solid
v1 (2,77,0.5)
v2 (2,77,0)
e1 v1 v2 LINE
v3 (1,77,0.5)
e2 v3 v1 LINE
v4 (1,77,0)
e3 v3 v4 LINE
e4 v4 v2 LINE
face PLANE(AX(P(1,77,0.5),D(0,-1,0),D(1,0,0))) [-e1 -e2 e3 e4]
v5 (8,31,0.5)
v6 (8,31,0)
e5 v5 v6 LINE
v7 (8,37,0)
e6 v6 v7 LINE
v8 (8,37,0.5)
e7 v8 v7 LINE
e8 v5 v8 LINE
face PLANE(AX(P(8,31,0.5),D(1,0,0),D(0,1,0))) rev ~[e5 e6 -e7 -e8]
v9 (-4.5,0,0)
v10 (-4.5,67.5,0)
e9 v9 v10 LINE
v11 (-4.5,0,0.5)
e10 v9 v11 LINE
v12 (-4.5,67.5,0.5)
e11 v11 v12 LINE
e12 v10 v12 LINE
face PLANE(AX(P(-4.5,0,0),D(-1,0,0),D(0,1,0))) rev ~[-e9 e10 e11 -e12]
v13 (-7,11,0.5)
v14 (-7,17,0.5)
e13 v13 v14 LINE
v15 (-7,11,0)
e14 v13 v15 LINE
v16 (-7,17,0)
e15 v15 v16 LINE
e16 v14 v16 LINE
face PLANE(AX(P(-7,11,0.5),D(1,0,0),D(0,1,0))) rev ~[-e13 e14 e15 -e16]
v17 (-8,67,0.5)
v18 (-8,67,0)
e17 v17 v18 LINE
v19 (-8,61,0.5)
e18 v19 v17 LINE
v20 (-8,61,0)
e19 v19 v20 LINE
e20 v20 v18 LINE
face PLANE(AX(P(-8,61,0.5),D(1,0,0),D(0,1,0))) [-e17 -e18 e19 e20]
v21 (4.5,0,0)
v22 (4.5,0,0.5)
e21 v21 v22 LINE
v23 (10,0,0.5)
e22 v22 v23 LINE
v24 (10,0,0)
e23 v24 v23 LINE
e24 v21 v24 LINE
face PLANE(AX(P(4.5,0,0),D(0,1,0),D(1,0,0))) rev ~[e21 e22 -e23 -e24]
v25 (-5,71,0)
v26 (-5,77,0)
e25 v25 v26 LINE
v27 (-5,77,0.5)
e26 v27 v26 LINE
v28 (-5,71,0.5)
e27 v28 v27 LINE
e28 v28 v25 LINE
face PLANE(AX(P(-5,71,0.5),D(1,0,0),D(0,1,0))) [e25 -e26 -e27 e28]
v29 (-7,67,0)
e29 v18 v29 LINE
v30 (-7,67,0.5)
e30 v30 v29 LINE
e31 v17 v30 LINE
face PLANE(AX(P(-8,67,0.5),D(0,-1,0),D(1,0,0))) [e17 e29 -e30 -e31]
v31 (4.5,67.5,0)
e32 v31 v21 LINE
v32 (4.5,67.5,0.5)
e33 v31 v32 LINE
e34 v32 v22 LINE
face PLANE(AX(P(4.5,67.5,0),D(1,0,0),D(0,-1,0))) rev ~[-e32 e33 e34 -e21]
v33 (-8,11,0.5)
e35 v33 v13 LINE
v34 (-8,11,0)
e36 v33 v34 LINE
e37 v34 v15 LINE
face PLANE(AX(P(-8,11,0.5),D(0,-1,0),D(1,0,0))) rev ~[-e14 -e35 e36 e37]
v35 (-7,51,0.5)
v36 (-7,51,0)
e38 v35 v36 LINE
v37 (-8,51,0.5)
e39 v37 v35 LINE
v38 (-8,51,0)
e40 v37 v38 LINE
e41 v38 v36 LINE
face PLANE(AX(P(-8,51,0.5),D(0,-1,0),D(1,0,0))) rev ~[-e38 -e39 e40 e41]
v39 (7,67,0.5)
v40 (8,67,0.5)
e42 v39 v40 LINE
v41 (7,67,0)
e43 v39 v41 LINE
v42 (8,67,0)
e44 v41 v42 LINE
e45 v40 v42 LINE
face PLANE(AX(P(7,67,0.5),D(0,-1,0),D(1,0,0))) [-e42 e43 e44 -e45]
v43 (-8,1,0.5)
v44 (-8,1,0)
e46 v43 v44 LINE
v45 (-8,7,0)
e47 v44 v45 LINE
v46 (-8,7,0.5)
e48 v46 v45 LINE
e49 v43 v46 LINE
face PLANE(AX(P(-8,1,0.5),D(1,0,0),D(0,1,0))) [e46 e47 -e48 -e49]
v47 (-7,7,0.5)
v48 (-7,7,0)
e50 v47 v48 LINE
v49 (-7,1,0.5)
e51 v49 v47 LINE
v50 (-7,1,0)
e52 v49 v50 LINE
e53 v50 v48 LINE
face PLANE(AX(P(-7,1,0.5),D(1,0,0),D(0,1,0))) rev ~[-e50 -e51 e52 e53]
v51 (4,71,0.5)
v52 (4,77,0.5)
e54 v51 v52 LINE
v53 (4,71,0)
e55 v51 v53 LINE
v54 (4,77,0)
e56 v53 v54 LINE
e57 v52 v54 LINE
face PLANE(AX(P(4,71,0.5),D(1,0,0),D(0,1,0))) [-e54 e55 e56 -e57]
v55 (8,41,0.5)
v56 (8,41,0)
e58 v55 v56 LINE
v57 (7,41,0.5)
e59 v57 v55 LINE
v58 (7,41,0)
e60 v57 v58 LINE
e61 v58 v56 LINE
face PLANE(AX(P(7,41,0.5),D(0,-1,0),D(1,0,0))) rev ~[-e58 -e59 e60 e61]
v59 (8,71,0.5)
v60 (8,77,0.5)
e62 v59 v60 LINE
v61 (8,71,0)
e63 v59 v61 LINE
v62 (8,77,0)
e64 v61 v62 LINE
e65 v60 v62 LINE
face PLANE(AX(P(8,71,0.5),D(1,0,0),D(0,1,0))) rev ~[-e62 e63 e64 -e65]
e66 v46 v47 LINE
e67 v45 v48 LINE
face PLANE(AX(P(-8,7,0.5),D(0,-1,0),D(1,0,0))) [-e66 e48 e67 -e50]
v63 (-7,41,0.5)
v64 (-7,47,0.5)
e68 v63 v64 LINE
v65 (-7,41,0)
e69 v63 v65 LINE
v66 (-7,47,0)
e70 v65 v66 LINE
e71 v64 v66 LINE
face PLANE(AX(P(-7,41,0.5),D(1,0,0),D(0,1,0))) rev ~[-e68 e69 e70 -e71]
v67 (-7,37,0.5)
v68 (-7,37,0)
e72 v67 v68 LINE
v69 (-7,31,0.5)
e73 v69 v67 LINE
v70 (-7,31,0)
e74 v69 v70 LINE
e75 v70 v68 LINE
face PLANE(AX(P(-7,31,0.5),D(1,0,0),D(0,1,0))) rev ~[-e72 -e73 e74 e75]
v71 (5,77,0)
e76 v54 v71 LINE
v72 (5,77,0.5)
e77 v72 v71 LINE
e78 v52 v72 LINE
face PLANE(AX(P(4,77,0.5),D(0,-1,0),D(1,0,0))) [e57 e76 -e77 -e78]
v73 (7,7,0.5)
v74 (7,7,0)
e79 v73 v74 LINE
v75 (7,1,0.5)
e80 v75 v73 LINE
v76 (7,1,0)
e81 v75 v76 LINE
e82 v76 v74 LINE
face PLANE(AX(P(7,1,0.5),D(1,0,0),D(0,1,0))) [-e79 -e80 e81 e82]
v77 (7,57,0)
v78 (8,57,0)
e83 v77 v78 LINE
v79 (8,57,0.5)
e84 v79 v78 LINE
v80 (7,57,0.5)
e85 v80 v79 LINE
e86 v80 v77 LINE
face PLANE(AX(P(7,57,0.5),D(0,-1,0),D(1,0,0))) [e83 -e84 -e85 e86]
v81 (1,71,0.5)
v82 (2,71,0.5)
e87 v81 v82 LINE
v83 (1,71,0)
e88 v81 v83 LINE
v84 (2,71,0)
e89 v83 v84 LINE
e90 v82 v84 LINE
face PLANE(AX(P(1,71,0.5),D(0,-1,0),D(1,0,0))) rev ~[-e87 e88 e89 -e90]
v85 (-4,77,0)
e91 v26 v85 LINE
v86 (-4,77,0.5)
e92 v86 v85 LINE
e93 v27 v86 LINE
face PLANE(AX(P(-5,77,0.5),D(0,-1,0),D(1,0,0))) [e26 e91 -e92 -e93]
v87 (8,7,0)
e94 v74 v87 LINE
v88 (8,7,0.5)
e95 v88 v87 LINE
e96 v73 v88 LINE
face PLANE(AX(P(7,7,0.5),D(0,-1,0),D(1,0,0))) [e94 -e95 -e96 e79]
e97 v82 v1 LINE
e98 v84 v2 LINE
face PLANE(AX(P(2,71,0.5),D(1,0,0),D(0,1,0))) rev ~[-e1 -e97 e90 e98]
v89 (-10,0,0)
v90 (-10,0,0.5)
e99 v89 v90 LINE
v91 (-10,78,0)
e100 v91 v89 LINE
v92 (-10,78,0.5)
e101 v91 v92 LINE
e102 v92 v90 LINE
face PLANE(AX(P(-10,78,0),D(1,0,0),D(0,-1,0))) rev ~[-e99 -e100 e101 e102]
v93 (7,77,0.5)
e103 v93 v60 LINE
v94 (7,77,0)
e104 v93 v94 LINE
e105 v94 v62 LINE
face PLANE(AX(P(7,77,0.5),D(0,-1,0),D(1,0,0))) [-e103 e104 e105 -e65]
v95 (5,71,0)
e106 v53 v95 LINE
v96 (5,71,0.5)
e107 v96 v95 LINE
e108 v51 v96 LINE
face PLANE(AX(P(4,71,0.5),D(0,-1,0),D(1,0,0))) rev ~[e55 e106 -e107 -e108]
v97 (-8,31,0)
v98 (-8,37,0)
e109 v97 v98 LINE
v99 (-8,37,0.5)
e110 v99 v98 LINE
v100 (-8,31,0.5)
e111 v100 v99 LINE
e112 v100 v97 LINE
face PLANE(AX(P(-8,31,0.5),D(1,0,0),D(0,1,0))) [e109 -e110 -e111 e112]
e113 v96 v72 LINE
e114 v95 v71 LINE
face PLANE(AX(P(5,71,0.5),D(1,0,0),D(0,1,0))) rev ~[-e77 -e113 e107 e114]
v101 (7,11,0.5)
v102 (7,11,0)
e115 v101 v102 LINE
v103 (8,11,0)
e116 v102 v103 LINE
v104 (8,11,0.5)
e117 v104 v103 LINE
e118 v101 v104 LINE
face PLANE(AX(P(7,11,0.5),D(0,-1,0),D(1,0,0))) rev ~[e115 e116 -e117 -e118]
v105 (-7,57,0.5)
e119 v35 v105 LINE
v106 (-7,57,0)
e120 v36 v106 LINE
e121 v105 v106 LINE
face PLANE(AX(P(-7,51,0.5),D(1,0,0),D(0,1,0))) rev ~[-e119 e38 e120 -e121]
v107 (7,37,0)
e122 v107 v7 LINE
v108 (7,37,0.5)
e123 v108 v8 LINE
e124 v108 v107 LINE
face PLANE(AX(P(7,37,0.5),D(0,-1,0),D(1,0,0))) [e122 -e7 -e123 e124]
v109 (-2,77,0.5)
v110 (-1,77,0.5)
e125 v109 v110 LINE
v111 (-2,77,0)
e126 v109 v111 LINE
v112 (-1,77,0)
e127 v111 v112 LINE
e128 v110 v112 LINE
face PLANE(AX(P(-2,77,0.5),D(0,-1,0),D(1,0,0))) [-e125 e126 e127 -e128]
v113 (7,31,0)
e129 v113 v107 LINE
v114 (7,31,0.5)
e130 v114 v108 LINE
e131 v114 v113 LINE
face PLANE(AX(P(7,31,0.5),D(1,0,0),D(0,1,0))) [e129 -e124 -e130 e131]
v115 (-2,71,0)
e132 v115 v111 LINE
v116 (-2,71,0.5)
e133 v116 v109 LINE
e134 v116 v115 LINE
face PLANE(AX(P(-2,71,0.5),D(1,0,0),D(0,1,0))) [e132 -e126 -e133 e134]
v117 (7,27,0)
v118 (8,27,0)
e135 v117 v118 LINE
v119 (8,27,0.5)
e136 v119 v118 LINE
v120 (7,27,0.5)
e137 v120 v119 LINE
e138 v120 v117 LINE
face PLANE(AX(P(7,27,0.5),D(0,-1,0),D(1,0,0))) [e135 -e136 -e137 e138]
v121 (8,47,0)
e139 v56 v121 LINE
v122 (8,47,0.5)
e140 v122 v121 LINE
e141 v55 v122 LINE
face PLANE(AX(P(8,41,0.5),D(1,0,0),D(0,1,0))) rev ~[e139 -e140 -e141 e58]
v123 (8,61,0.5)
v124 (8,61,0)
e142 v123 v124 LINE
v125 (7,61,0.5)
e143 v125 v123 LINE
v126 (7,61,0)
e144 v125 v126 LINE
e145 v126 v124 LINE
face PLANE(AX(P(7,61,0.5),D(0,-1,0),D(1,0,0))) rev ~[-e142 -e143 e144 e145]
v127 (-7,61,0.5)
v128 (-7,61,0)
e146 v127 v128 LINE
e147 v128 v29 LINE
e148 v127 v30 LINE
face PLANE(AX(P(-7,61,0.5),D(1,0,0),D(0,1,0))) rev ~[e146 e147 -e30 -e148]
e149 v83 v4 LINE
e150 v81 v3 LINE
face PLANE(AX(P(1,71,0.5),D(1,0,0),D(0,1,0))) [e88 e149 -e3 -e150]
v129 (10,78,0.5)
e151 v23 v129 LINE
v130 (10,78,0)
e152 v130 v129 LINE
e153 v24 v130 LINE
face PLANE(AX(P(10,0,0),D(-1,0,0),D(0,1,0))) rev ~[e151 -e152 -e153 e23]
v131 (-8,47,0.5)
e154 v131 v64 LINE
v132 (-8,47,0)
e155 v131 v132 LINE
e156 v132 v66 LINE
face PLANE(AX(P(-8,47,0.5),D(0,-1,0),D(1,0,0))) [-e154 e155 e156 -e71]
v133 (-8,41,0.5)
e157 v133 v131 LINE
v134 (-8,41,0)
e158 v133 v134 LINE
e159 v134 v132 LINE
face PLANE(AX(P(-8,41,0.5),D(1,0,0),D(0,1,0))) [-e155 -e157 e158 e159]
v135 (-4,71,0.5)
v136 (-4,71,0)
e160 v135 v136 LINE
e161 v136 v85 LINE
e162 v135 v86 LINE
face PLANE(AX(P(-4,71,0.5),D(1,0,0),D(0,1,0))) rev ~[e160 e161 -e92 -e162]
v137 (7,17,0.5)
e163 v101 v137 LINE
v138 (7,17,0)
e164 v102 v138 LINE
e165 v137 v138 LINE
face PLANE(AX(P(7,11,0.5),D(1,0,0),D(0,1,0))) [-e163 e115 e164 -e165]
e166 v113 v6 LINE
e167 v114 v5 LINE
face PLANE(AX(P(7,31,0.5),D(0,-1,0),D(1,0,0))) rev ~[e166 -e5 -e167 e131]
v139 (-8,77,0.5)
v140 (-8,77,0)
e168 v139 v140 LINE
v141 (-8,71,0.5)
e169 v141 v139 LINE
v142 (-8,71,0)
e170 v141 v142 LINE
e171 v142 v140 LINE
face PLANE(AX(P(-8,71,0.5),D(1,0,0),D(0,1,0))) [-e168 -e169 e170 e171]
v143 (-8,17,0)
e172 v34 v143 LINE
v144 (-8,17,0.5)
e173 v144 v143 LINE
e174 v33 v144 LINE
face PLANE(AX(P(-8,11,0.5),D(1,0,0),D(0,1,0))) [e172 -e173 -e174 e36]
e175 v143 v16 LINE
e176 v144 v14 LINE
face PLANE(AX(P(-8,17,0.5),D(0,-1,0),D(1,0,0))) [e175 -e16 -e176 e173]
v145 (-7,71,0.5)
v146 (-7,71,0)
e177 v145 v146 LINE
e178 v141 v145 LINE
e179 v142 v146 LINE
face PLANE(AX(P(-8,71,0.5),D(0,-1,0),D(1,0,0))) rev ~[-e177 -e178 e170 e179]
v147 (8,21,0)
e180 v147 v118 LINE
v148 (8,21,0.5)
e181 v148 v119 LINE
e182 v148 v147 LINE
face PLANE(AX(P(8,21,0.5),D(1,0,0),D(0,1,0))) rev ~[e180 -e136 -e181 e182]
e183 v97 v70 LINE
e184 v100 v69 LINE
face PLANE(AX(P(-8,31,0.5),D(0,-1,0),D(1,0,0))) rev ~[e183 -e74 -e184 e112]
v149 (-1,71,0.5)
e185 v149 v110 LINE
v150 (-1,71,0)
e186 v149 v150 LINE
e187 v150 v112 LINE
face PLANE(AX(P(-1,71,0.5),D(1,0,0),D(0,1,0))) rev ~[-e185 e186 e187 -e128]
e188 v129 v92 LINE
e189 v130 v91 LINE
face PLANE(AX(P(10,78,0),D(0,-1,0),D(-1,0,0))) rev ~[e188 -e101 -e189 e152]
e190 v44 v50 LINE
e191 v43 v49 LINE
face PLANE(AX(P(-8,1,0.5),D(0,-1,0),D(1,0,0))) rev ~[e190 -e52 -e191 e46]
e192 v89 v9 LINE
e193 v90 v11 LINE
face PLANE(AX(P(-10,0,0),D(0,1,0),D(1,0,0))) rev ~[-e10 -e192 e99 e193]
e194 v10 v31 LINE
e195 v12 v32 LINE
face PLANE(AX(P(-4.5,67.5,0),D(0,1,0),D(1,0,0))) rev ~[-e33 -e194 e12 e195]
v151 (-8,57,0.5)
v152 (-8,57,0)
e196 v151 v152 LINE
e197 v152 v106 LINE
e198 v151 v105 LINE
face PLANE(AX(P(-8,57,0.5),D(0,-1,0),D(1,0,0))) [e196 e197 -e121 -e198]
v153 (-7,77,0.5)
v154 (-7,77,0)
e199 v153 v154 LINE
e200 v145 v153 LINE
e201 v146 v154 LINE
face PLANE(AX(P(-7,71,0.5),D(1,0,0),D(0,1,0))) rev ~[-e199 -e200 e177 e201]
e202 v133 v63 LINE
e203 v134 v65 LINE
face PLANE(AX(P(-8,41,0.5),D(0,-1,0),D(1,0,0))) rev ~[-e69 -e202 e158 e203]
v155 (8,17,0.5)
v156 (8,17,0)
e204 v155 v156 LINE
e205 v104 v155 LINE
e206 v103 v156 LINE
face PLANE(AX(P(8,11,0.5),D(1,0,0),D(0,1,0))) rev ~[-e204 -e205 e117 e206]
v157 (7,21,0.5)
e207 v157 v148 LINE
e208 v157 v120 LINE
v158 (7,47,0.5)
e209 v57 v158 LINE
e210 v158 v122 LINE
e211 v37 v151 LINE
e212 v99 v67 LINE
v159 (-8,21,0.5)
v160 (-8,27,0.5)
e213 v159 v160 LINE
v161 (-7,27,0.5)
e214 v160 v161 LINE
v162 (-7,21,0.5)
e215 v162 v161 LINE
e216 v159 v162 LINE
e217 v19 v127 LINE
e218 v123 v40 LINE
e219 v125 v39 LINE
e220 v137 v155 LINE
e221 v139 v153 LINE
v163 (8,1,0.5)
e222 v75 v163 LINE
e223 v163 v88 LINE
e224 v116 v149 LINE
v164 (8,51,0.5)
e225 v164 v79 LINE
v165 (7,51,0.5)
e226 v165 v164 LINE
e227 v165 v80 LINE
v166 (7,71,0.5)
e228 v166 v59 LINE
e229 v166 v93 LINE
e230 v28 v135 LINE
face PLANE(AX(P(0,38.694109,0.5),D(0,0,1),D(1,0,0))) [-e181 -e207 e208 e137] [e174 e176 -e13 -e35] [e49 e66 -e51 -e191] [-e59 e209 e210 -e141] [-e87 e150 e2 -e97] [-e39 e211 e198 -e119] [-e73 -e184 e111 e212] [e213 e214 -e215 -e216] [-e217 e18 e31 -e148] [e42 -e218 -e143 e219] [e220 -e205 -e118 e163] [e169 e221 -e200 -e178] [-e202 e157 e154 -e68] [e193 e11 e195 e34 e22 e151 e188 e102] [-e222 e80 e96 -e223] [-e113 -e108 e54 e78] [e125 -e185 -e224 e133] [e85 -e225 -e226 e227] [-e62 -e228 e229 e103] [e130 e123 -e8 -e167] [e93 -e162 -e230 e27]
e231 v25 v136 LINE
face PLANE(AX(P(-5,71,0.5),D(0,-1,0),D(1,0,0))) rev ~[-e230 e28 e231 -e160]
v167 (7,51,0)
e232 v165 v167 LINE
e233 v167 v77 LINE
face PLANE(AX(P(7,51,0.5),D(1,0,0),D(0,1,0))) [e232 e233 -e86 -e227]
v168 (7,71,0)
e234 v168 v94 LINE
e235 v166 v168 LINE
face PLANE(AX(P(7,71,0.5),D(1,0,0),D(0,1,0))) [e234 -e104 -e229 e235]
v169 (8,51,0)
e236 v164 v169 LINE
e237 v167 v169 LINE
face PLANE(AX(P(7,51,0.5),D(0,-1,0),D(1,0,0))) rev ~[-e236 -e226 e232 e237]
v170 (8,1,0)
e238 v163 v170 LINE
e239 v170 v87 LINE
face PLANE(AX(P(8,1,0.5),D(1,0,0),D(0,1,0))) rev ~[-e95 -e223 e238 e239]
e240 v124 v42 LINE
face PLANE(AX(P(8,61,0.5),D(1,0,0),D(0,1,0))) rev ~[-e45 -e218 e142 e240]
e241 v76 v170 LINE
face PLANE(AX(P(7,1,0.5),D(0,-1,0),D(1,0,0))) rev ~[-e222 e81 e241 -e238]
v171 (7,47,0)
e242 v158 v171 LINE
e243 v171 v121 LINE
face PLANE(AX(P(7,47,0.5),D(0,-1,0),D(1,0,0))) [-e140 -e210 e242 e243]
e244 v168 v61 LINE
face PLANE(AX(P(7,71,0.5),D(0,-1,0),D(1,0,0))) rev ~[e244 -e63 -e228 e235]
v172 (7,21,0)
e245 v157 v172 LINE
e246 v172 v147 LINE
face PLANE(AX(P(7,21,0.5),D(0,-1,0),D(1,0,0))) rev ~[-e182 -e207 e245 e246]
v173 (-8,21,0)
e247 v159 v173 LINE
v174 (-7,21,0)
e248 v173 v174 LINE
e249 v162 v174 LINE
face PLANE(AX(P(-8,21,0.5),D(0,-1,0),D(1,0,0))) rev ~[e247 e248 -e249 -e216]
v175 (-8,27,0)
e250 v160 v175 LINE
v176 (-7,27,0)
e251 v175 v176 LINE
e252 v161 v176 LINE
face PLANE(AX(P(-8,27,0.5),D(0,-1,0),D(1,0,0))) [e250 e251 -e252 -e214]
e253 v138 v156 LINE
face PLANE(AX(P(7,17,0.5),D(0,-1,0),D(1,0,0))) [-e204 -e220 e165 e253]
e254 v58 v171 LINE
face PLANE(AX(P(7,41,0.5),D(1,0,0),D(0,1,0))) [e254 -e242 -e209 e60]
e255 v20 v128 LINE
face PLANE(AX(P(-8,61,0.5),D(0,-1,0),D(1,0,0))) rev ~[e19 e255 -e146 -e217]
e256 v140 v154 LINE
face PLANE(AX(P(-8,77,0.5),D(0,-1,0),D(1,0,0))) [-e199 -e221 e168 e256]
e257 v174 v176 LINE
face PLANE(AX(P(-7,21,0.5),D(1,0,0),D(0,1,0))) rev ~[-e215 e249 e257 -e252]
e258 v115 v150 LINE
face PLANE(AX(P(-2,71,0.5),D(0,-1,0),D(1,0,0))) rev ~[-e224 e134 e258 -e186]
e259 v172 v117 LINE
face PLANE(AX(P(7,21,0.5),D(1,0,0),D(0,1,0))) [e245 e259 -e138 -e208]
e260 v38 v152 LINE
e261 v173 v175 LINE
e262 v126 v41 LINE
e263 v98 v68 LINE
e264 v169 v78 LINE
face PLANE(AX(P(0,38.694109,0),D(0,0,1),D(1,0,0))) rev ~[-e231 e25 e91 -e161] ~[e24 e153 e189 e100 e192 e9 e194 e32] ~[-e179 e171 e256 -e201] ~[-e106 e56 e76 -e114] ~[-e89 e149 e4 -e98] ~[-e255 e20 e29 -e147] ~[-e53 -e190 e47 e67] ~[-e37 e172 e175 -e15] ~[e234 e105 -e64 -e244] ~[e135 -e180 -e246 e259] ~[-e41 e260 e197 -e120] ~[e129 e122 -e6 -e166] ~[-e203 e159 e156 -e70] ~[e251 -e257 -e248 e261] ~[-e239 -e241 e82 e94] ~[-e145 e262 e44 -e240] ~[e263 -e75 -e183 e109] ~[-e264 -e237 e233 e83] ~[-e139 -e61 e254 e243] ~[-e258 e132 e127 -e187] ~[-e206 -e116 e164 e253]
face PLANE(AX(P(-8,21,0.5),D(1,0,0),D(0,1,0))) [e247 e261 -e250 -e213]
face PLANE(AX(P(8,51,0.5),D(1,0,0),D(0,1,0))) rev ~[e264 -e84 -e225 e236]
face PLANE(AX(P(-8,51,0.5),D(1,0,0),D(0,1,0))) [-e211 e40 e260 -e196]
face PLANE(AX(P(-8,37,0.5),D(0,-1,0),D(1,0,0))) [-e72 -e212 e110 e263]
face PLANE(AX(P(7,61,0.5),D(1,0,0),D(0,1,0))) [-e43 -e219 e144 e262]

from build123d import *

# Parameters (mm, degrees)
EXTRUDE_1_DEPTH     = 0.5
SKETCH_3_W          = 1
SKETCH_3_H          = 6
CUT_EXTRUDE_1_DEPTH = 0.5


with BuildPart() as part:
    # 草图1 → 凸台-拉伸1 (new body)
    with BuildSketch(Plane.XY):
        Polygon((-4.5, 0), (-4.5, 67.5), (4.5, 67.5), (4.5, 0), (10, 0), (10, 78), (-10, 78), (-10, 0), align=None)
    extrude(amount=EXTRUDE_1_DEPTH)

    # 草图3 → 切除-拉伸1 (cut)
    with BuildSketch(Plane.XY.offset(0.5)):
        with Locations((-7.5, 74)):
            Rectangle(SKETCH_3_W, SKETCH_3_H)
        with Locations((-4.5, 74)):
            Rectangle(SKETCH_3_W, SKETCH_3_H)
        with Locations((-1.5, 74)):
            Rectangle(SKETCH_3_W, SKETCH_3_H)
        with Locations((1.5, 74)):
            Rectangle(SKETCH_3_W, SKETCH_3_H)
        with Locations((4.5, 74)):
            Rectangle(SKETCH_3_W, SKETCH_3_H)
        with Locations((7.5, 74)):
            Rectangle(SKETCH_3_W, SKETCH_3_H)
        with Locations((-7.5, 64)):
            Rectangle(SKETCH_3_W, SKETCH_3_H)
        with Locations((7.5, 64)):
            Rectangle(SKETCH_3_W, SKETCH_3_H)
        with Locations((-7.5, 54)):
            Rectangle(SKETCH_3_W, SKETCH_3_H)
        with Locations((7.5, 54)):
            Rectangle(SKETCH_3_W, SKETCH_3_H)
        with Locations((-7.5, 44)):
            Rectangle(SKETCH_3_W, SKETCH_3_H)
        with Locations((7.5, 44)):
            Rectangle(SKETCH_3_W, SKETCH_3_H)
        with Locations((-7.5, 34)):
            Rectangle(SKETCH_3_W, SKETCH_3_H)
        with Locations((7.5, 34)):
            Rectangle(SKETCH_3_W, SKETCH_3_H)
        with Locations((-7.5, 24)):
            Rectangle(SKETCH_3_W, SKETCH_3_H)
        with Locations((7.5, 24)):
            Rectangle(SKETCH_3_W, SKETCH_3_H)
        with Locations((-7.5, 14)):
            Rectangle(SKETCH_3_W, SKETCH_3_H)
        with Locations((7.5, 14)):
            Rectangle(SKETCH_3_W, SKETCH_3_H)
        with Locations((-7.5, 4)):
            Rectangle(SKETCH_3_W, SKETCH_3_H)
        with Locations((7.5, 4)):
            Rectangle(SKETCH_3_W, SKETCH_3_H)
    extrude(amount=-CUT_EXTRUDE_1_DEPTH, mode=Mode.SUBTRACT)


solid = part.part
